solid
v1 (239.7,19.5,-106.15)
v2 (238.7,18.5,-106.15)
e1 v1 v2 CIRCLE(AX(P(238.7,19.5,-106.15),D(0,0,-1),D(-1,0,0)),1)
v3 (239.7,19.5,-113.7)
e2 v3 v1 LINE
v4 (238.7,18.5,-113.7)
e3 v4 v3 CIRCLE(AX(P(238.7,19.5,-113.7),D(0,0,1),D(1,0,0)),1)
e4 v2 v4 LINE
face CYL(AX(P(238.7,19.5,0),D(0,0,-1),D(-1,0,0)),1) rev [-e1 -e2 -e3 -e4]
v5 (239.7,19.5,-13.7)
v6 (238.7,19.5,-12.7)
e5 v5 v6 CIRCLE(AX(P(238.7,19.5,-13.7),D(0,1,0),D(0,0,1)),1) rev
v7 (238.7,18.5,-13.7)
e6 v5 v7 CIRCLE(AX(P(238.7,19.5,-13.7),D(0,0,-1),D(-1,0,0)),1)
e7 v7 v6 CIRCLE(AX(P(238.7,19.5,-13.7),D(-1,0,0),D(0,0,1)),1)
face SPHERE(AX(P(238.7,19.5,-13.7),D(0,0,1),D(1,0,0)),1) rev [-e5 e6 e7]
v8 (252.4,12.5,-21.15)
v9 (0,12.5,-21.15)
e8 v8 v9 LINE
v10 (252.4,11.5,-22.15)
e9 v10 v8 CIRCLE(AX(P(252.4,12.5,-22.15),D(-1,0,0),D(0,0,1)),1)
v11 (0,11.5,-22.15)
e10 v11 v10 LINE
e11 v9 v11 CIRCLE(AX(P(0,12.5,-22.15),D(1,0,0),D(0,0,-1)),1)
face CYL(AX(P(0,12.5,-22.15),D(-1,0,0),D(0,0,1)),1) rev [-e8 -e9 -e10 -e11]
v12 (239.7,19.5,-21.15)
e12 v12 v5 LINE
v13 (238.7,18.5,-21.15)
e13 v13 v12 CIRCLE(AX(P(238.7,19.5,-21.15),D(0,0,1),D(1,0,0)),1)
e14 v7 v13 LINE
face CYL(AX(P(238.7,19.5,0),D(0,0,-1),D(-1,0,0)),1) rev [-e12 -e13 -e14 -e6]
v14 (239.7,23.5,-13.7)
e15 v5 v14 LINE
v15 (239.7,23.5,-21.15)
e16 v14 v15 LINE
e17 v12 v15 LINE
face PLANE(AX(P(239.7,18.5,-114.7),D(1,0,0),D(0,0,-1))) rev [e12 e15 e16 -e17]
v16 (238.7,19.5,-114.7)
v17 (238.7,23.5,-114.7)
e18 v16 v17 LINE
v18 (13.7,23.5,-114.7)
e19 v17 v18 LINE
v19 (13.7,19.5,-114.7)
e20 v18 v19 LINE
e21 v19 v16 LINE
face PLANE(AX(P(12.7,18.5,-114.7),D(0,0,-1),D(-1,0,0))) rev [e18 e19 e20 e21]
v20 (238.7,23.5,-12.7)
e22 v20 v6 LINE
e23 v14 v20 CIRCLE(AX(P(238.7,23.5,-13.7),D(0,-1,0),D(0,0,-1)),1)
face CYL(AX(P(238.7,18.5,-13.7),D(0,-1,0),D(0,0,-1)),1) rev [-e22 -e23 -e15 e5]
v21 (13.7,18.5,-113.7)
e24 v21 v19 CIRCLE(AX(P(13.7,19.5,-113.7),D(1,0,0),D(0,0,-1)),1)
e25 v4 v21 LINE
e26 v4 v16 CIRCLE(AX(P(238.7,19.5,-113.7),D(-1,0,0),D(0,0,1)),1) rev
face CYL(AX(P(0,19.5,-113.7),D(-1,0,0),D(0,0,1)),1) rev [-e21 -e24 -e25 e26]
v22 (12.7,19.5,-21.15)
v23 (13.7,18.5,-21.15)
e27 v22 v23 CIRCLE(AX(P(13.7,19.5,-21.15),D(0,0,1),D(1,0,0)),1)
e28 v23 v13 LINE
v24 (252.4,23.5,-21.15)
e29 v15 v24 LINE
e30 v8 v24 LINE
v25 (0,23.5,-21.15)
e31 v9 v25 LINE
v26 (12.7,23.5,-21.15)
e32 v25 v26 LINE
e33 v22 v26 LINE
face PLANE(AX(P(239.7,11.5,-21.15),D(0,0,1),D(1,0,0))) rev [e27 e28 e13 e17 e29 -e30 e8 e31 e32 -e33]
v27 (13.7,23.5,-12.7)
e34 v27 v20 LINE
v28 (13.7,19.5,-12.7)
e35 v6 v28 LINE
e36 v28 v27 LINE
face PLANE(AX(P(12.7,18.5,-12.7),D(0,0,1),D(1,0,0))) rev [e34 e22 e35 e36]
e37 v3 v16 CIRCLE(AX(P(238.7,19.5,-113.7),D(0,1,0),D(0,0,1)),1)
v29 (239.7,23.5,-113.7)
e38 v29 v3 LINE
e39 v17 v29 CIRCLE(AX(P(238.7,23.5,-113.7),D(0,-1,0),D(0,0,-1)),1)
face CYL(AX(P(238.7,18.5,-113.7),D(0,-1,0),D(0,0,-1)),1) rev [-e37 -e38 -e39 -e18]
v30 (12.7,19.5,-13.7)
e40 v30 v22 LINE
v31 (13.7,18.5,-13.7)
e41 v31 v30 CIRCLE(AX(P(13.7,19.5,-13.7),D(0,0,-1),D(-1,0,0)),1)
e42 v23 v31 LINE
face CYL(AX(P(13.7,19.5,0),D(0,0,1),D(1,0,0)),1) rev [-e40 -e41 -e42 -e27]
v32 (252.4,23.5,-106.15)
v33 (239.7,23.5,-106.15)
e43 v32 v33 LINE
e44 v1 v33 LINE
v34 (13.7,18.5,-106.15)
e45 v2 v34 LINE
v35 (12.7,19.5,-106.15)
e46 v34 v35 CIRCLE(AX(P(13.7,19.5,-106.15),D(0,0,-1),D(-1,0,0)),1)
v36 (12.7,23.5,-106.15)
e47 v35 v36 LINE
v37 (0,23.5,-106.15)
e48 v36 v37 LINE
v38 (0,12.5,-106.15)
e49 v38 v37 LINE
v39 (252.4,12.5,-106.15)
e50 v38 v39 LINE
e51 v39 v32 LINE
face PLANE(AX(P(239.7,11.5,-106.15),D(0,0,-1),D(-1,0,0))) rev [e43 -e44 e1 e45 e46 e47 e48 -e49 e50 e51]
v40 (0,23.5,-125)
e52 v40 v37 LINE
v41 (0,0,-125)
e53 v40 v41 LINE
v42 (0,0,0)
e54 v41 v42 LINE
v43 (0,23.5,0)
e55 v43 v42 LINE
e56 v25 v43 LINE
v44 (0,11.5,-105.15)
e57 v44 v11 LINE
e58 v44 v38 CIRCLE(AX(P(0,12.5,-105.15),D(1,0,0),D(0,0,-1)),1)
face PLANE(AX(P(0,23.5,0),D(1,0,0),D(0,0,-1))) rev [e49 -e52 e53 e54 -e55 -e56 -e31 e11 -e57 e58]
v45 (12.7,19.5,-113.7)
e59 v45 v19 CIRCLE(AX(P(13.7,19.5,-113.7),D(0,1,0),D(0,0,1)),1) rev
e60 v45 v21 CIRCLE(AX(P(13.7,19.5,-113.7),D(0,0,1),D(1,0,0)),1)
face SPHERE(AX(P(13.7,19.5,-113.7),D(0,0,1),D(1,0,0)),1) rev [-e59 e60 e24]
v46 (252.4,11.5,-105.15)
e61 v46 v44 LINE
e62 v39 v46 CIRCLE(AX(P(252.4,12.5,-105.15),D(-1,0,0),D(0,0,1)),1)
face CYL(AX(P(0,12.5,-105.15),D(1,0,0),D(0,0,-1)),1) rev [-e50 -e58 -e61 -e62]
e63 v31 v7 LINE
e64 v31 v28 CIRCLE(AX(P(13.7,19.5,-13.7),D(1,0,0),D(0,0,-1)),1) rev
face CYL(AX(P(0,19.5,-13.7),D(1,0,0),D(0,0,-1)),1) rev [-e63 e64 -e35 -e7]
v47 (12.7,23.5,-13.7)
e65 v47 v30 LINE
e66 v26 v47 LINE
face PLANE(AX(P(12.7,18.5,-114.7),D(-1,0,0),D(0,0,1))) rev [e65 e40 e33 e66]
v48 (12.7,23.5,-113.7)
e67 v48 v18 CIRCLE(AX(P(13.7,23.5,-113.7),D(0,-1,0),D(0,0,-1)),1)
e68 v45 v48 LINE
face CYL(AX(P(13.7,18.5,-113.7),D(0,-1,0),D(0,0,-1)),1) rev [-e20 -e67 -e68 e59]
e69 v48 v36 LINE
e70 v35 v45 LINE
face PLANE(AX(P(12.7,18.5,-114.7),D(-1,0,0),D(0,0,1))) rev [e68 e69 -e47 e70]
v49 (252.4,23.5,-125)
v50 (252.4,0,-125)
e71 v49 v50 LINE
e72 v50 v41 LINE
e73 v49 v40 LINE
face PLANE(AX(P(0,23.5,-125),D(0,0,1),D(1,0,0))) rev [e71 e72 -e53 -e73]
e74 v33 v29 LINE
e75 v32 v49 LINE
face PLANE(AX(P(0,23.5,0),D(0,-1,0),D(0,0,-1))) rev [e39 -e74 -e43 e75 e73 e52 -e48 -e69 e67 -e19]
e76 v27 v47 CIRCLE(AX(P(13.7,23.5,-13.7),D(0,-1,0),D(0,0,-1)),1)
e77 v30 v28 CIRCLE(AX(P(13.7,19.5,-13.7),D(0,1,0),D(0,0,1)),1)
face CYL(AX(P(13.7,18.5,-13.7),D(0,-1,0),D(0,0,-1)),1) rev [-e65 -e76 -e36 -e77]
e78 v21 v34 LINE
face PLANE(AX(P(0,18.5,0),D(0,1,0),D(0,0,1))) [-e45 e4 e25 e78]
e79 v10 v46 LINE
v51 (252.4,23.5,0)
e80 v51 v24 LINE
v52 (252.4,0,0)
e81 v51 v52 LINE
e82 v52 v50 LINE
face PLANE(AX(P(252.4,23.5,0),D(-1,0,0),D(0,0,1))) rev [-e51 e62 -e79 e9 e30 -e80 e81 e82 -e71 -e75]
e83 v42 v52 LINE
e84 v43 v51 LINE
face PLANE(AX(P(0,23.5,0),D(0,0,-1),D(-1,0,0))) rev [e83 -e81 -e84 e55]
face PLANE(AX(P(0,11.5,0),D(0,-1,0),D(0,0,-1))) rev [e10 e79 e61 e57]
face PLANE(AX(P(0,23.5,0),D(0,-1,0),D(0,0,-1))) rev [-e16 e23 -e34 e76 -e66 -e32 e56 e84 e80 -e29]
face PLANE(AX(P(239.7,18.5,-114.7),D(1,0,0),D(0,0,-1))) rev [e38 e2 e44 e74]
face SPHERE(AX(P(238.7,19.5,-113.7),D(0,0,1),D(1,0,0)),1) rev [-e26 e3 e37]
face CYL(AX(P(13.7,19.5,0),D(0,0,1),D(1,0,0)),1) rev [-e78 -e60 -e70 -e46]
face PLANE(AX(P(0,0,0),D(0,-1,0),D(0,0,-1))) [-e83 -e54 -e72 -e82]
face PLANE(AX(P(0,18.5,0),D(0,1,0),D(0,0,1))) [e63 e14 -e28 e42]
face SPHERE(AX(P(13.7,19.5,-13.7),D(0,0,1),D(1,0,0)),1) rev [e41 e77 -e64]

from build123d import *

# Parameters (mm, degrees)
SKETCH1_W           = 252.4
SKETCH1_H           = 125
BOSS_EXTRUDE1_DEPTH = 23.5
SKETCH2_W           = 227
SKETCH2_H           = 102
CUT_EXTRUDE1_DEPTH  = 5
SKETCH3_W           = 227
SKETCH3_H           = 85
CUT_EXTRUDE2_DEPTH  = 7
SKETCH4_W           = 12.7
SKETCH4_H           = 85
CUT_EXTRUDE3_DEPTH  = 12
SKETCH5_W           = 12.7
SKETCH5_H           = 85
CUT_EXTRUDE4_DEPTH  = 12
FILLET1_R           = 1


with BuildPart() as part:
    # Sketch1 → Boss-Extrude1 (new body)
    with BuildSketch(Plane(origin=(0, 0, 0), x_dir=(1, 0, 0), z_dir=(0, 1, 0))):
        with Locations((126.2, 62.5)):
            Rectangle(SKETCH1_W, SKETCH1_H)
    extrude(amount=BOSS_EXTRUDE1_DEPTH)

    # Sketch2 → Cut-Extrude1 (cut)
    with BuildSketch(Plane(origin=(0, 23.5, 0), x_dir=(1, 0, 0), z_dir=(0, 1, 0))):
        with Locations((126.2, 63.7)):
            Rectangle(SKETCH2_W, SKETCH2_H)
    extrude(amount=-CUT_EXTRUDE1_DEPTH, mode=Mode.SUBTRACT)

    # Sketch3 → Cut-Extrude2 (cut)
    with BuildSketch(Plane(origin=(0, 18.5, 0), x_dir=(1, 0, 0), z_dir=(0, 1, 0))):
        with Locations((126.2, 63.65)):
            Rectangle(SKETCH3_W, SKETCH3_H)
    extrude(amount=-CUT_EXTRUDE2_DEPTH, mode=Mode.SUBTRACT)

    # Sketch4 → Cut-Extrude3 (cut)
    with BuildSketch(Plane(origin=(0, 23.5, 0), x_dir=(1, 0, 0), z_dir=(0, 1, 0))):
        with Locations((6.35, 63.65)):
            Rectangle(SKETCH4_W, SKETCH4_H)
    extrude(amount=-CUT_EXTRUDE3_DEPTH, mode=Mode.SUBTRACT)

    # Sketch5 → Cut-Extrude4 (cut)
    with BuildSketch(Plane(origin=(0, 23.5, 0), x_dir=(1, 0, 0), z_dir=(0, 1, 0))):
        with Locations((246.05, 63.65)):
            Rectangle(SKETCH5_W, SKETCH5_H)
    extrude(amount=-CUT_EXTRUDE4_DEPTH, mode=Mode.SUBTRACT)

    # Fillet1
    fillet1_edges = [part.edges().sort_by_distance(p)[0] for p in [
        (12.7, 18.5, -110.425),
        (12.7, 21, -12.7),
        (126.2, 18.5, -114.7),
        (12.7, 21, -114.7),
        (239.7, 18.5, -16.925),
        (239.7, 21, -114.7),
        (126.2, 18.5, -12.7),
        (239.7, 21, -12.7),
        (12.7, 18.5, -16.925),
        (239.7, 18.5, -110.425),
        (126.2, 11.5, -21.15),
        (126.2, 11.5, -106.15),
    ]]
    fillet(fillet1_edges, radius=FILLET1_R)


solid = part.part
